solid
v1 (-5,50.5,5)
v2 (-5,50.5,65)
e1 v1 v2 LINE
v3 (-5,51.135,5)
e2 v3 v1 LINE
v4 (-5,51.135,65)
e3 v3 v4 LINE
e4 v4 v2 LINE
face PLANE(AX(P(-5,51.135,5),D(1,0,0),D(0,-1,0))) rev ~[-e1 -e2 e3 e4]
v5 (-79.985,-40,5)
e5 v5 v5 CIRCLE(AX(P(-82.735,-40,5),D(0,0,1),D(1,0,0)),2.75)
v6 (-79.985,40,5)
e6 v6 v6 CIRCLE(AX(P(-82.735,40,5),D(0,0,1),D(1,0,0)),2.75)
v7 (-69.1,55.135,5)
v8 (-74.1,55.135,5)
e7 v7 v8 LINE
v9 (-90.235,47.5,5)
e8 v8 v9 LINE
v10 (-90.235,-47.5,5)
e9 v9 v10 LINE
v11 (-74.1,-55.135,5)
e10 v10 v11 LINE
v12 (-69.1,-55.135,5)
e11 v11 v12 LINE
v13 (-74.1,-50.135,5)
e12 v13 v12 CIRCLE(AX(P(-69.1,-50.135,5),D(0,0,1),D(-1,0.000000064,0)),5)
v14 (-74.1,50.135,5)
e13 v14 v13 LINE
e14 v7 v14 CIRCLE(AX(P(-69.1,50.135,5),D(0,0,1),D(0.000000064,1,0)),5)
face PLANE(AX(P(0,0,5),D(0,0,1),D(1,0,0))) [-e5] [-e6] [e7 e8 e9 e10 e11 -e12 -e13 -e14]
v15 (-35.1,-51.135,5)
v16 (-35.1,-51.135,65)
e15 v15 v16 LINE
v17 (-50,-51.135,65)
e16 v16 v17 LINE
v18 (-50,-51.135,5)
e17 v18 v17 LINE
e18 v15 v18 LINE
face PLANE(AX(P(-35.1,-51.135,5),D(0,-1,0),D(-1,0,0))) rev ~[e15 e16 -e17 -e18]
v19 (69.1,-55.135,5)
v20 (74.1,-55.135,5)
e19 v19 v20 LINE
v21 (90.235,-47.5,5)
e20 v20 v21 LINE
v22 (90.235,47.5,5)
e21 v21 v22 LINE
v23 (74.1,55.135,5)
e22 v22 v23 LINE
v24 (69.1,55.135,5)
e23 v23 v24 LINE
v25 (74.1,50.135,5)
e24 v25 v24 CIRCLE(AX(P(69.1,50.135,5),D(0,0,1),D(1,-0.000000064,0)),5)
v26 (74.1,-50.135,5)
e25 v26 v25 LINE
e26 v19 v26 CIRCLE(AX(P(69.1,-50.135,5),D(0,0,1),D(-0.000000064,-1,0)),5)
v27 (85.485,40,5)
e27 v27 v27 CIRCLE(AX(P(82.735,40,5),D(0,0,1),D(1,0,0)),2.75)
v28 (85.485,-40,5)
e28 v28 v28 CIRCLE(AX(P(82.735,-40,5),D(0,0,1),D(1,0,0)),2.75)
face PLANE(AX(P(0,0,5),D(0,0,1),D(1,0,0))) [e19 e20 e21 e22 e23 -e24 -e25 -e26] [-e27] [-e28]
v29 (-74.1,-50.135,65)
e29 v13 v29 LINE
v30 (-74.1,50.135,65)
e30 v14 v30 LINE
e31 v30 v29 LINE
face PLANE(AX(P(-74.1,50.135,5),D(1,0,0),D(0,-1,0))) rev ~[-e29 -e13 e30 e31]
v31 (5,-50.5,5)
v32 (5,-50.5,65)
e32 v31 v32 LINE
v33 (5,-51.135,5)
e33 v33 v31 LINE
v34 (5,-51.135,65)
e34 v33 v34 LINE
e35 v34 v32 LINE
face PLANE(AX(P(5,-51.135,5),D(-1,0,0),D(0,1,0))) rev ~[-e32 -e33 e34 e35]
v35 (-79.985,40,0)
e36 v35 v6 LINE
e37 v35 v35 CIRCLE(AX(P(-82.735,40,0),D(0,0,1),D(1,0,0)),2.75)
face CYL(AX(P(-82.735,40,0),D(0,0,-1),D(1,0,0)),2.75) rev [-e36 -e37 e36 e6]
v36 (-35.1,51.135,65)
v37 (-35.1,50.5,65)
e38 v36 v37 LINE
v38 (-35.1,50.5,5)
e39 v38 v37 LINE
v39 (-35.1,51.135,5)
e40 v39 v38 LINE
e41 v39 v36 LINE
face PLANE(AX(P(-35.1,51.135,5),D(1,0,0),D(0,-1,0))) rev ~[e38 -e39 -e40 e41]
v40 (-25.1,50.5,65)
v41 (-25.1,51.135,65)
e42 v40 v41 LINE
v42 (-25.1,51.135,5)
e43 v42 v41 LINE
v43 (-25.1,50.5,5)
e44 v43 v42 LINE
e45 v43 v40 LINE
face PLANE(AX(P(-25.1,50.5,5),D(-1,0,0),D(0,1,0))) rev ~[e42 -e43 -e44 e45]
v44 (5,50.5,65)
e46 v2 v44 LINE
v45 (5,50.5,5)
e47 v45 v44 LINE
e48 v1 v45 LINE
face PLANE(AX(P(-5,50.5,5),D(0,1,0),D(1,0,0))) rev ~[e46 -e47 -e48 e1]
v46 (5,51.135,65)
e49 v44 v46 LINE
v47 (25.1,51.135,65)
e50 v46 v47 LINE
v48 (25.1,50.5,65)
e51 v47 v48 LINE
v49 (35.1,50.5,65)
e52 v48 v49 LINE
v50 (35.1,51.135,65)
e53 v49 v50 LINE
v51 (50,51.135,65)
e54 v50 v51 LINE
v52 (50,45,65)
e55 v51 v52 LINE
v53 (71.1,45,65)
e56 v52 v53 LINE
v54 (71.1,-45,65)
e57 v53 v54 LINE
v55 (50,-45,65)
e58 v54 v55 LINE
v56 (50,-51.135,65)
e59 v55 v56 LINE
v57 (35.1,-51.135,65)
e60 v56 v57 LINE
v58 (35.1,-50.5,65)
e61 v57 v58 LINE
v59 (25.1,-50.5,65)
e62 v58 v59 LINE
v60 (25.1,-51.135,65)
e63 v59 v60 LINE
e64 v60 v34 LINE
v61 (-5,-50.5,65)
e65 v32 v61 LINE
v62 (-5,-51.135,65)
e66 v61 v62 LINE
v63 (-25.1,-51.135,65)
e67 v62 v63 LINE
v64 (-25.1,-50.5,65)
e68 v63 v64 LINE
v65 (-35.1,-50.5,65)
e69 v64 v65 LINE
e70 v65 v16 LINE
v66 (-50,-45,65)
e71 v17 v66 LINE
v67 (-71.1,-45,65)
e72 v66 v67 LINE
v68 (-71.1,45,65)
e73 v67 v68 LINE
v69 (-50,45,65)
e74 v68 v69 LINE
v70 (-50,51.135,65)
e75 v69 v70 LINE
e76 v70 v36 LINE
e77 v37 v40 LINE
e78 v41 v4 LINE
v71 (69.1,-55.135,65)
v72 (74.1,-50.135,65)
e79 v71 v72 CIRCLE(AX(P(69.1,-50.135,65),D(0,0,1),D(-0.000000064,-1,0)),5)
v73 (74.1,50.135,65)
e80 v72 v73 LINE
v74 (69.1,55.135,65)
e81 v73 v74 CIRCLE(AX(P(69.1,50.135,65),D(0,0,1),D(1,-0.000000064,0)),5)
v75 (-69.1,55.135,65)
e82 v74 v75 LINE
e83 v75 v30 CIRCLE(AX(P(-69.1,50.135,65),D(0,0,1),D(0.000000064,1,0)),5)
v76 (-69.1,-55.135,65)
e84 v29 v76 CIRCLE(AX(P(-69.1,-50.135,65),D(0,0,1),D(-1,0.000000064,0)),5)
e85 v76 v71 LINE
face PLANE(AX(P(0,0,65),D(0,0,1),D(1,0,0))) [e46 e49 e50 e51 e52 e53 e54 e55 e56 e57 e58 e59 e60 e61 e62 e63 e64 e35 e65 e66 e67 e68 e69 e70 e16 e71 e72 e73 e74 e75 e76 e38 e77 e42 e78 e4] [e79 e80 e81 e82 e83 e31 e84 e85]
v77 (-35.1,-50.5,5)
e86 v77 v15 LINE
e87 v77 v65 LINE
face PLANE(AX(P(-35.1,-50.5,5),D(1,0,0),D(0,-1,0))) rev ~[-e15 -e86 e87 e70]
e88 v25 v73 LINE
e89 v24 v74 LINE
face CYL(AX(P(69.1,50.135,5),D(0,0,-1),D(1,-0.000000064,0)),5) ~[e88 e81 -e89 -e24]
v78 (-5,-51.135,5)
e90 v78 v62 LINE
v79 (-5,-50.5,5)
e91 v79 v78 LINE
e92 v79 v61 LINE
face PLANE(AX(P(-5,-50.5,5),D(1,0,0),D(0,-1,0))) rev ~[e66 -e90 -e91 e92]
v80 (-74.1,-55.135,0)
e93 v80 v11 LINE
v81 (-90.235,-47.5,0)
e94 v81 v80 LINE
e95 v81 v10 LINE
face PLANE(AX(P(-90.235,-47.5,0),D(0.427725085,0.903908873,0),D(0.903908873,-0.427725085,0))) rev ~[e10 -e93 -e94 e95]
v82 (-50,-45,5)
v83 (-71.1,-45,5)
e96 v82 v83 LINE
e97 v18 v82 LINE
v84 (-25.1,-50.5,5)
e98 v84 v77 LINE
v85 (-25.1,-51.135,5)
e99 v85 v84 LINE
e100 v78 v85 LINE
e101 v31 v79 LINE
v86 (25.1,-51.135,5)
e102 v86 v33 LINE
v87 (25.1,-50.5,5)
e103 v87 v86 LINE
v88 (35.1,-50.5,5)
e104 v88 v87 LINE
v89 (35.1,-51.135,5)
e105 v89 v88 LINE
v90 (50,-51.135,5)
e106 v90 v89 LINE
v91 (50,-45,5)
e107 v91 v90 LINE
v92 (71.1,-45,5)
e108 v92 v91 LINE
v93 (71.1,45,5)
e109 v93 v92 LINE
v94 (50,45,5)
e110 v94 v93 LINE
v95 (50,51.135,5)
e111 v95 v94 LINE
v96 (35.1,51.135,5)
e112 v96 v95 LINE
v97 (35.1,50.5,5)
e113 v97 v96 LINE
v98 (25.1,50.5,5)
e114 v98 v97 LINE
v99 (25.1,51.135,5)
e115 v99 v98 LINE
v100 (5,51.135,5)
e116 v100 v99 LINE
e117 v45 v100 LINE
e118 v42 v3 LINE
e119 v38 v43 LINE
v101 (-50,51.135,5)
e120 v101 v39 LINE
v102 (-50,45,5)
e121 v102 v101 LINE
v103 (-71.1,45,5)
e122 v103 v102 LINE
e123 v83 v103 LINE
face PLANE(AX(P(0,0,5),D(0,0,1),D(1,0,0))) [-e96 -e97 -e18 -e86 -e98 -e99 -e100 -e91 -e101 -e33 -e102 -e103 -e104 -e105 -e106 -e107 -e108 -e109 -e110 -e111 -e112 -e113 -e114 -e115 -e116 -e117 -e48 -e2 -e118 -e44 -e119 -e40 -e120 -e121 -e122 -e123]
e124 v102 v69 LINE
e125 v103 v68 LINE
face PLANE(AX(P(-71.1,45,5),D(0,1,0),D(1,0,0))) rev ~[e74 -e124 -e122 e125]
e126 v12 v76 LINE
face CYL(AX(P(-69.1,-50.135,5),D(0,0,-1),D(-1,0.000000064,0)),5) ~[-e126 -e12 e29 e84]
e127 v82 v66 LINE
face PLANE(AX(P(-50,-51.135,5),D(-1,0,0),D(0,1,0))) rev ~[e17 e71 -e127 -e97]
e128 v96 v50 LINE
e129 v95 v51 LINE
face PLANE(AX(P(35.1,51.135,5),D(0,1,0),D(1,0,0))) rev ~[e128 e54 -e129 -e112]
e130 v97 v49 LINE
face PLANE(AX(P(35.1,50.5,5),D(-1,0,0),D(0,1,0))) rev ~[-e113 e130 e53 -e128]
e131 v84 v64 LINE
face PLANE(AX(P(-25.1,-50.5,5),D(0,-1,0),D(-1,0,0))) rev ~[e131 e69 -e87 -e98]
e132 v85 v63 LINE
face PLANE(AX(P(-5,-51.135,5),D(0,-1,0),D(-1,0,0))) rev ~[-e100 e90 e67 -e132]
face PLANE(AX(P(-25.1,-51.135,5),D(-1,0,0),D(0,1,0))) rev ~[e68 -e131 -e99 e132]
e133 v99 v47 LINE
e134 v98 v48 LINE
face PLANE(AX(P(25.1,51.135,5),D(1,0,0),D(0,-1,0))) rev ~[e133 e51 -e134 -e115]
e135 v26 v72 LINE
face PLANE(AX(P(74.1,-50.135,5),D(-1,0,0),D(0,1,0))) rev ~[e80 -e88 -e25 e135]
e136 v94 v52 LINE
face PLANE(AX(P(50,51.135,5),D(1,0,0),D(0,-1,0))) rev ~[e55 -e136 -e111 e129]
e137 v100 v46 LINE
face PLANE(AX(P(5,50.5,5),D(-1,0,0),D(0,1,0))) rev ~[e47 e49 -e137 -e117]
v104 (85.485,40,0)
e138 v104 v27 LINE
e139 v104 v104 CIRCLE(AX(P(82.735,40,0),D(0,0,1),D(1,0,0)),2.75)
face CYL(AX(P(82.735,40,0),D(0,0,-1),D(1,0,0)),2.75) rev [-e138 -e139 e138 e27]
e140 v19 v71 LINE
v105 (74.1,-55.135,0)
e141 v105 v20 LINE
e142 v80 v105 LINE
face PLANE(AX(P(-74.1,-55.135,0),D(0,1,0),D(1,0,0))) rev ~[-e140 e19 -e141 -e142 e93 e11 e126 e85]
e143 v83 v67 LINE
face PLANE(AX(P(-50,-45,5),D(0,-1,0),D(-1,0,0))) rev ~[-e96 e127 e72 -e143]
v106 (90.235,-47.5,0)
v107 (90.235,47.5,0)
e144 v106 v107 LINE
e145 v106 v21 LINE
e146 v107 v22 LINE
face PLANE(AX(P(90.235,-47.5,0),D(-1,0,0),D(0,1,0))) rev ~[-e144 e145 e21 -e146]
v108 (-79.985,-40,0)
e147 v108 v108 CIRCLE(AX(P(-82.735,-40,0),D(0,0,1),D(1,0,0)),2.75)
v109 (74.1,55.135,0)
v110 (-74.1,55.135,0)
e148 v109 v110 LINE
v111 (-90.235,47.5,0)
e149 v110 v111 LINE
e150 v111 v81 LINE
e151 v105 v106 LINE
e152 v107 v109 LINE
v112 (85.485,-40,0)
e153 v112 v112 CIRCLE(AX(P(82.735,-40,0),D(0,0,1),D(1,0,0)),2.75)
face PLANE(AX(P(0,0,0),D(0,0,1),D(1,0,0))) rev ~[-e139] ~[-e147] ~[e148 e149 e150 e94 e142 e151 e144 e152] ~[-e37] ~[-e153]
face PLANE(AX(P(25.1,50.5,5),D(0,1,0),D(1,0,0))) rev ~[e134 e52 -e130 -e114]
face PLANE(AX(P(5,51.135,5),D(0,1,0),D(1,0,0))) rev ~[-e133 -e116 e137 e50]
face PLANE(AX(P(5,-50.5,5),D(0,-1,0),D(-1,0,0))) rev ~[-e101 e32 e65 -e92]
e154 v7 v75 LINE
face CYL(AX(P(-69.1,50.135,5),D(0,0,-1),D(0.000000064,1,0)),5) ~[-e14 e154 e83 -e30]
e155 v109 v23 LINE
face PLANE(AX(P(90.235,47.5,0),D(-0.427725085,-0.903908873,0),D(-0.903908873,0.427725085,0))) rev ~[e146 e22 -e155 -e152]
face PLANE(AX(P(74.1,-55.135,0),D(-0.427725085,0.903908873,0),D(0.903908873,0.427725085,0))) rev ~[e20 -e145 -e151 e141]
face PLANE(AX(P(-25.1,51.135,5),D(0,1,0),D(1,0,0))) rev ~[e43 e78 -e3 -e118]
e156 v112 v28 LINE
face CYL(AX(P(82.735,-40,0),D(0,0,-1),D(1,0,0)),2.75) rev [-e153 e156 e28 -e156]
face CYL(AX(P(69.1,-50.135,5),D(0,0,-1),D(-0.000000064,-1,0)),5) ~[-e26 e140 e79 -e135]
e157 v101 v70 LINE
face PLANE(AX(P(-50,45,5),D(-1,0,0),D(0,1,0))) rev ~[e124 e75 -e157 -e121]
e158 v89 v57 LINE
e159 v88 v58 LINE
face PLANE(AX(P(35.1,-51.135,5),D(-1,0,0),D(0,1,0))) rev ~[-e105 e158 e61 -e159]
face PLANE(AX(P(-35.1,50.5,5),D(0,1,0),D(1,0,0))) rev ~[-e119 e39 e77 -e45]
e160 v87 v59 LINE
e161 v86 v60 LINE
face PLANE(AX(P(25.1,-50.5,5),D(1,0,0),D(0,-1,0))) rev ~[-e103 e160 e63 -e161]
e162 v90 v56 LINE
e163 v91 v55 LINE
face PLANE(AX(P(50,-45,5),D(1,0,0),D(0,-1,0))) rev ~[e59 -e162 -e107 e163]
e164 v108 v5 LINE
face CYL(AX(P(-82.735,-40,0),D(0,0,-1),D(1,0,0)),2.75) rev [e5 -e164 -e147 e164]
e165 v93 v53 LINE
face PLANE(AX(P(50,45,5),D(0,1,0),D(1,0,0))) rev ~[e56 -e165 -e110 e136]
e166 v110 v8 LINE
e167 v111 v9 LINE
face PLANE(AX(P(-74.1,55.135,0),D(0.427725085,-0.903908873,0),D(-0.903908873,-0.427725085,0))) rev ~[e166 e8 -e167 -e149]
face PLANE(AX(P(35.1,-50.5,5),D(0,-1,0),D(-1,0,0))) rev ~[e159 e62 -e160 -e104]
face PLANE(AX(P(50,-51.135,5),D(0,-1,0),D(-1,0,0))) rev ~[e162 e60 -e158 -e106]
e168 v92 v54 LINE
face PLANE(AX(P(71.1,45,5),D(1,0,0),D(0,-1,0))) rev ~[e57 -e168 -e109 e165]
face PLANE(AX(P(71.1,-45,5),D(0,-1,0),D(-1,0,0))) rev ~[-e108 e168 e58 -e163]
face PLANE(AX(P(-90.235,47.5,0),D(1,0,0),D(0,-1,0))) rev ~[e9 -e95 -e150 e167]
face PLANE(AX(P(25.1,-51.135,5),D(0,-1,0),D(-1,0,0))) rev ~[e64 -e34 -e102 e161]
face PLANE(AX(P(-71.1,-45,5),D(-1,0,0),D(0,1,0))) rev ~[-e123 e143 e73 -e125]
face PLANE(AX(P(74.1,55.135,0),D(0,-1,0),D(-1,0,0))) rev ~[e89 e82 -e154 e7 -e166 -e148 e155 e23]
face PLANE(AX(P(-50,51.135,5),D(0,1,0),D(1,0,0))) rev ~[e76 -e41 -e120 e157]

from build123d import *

# Parameters (mm, degrees)
F0_R     = 2.75
F1_DEPTH = 5
F3_DEPTH = 60


with BuildPart() as f1:
    # F0 (on Top) → F1 (new body)
    with BuildSketch(Plane.XY):
        Polygon((74.1, 55.135), (-74.1, 55.135), (-90.235, 47.5), (-90.235, -47.5), (-74.1, -55.135), (74.1, -55.135), (90.235, -47.5), (90.235, 47.5), align=None)
        with Locations((-82.735, -40)):
            Circle(F0_R, mode=Mode.SUBTRACT)
        with Locations((82.735, -40)):
            Circle(F0_R, mode=Mode.SUBTRACT)
        with Locations((-82.735, 40)):
            Circle(F0_R, mode=Mode.SUBTRACT)
        with Locations((82.735, 40)):
            Circle(F0_R, mode=Mode.SUBTRACT)
    extrude(amount=F1_DEPTH)

    # F2 (on face) → F3 (join)
    with BuildSketch(Plane.XY.offset(5)):
        with BuildLine():
            ThreePointArc((74.1, 50.135), (72.635534, 53.670534), (69.1, 55.135))
            Line((69.1, 55.135), (-69.1, 55.135))
            ThreePointArc((-69.1, 55.135), (-72.635534, 53.670534), (-74.1, 50.135))
            Line((-74.1, 50.135), (-74.1, -50.135))
            ThreePointArc((-74.1, -50.135), (-72.635534, -53.670534), (-69.1, -55.135))
            Line((-69.1, -55.135), (69.1, -55.135))
            ThreePointArc((69.1, -55.135), (72.635534, -53.670534), (74.1, -50.135))
            Line((74.1, -50.135), (74.1, 50.135))
        make_face()
        Polygon((-5, 50.5), (0, 50.5), (5, 50.5), (5, 51.135), (25.1, 51.135), (25.1, 50.5), (35.1, 50.5), (35.1, 51.135), (50, 51.135), (50, 45), (71.1, 45), (71.1, -45), (50, -45), (50, -51.135), (35.1, -51.135), (35.1, -50.5), (25.1, -50.5), (25.1, -51.135), (5, -51.135), (5, -50.5), (0, -50.5), (-5, -50.5), (-5, -51.135), (-25.1, -51.135), (-25.1, -50.5), (-35.1, -50.5), (-35.1, -51.135), (-50, -51.135), (-50, -45), (-71.1, -45), (-71.1, 45), (-50, 45), (-50, 51.135), (-35.1, 51.135), (-35.1, 50.5), (-25.1, 50.5), (-25.1, 51.135), (-5, 51.135), align=None, mode=Mode.SUBTRACT)
    extrude(amount=F3_DEPTH)


solid = f1.part
